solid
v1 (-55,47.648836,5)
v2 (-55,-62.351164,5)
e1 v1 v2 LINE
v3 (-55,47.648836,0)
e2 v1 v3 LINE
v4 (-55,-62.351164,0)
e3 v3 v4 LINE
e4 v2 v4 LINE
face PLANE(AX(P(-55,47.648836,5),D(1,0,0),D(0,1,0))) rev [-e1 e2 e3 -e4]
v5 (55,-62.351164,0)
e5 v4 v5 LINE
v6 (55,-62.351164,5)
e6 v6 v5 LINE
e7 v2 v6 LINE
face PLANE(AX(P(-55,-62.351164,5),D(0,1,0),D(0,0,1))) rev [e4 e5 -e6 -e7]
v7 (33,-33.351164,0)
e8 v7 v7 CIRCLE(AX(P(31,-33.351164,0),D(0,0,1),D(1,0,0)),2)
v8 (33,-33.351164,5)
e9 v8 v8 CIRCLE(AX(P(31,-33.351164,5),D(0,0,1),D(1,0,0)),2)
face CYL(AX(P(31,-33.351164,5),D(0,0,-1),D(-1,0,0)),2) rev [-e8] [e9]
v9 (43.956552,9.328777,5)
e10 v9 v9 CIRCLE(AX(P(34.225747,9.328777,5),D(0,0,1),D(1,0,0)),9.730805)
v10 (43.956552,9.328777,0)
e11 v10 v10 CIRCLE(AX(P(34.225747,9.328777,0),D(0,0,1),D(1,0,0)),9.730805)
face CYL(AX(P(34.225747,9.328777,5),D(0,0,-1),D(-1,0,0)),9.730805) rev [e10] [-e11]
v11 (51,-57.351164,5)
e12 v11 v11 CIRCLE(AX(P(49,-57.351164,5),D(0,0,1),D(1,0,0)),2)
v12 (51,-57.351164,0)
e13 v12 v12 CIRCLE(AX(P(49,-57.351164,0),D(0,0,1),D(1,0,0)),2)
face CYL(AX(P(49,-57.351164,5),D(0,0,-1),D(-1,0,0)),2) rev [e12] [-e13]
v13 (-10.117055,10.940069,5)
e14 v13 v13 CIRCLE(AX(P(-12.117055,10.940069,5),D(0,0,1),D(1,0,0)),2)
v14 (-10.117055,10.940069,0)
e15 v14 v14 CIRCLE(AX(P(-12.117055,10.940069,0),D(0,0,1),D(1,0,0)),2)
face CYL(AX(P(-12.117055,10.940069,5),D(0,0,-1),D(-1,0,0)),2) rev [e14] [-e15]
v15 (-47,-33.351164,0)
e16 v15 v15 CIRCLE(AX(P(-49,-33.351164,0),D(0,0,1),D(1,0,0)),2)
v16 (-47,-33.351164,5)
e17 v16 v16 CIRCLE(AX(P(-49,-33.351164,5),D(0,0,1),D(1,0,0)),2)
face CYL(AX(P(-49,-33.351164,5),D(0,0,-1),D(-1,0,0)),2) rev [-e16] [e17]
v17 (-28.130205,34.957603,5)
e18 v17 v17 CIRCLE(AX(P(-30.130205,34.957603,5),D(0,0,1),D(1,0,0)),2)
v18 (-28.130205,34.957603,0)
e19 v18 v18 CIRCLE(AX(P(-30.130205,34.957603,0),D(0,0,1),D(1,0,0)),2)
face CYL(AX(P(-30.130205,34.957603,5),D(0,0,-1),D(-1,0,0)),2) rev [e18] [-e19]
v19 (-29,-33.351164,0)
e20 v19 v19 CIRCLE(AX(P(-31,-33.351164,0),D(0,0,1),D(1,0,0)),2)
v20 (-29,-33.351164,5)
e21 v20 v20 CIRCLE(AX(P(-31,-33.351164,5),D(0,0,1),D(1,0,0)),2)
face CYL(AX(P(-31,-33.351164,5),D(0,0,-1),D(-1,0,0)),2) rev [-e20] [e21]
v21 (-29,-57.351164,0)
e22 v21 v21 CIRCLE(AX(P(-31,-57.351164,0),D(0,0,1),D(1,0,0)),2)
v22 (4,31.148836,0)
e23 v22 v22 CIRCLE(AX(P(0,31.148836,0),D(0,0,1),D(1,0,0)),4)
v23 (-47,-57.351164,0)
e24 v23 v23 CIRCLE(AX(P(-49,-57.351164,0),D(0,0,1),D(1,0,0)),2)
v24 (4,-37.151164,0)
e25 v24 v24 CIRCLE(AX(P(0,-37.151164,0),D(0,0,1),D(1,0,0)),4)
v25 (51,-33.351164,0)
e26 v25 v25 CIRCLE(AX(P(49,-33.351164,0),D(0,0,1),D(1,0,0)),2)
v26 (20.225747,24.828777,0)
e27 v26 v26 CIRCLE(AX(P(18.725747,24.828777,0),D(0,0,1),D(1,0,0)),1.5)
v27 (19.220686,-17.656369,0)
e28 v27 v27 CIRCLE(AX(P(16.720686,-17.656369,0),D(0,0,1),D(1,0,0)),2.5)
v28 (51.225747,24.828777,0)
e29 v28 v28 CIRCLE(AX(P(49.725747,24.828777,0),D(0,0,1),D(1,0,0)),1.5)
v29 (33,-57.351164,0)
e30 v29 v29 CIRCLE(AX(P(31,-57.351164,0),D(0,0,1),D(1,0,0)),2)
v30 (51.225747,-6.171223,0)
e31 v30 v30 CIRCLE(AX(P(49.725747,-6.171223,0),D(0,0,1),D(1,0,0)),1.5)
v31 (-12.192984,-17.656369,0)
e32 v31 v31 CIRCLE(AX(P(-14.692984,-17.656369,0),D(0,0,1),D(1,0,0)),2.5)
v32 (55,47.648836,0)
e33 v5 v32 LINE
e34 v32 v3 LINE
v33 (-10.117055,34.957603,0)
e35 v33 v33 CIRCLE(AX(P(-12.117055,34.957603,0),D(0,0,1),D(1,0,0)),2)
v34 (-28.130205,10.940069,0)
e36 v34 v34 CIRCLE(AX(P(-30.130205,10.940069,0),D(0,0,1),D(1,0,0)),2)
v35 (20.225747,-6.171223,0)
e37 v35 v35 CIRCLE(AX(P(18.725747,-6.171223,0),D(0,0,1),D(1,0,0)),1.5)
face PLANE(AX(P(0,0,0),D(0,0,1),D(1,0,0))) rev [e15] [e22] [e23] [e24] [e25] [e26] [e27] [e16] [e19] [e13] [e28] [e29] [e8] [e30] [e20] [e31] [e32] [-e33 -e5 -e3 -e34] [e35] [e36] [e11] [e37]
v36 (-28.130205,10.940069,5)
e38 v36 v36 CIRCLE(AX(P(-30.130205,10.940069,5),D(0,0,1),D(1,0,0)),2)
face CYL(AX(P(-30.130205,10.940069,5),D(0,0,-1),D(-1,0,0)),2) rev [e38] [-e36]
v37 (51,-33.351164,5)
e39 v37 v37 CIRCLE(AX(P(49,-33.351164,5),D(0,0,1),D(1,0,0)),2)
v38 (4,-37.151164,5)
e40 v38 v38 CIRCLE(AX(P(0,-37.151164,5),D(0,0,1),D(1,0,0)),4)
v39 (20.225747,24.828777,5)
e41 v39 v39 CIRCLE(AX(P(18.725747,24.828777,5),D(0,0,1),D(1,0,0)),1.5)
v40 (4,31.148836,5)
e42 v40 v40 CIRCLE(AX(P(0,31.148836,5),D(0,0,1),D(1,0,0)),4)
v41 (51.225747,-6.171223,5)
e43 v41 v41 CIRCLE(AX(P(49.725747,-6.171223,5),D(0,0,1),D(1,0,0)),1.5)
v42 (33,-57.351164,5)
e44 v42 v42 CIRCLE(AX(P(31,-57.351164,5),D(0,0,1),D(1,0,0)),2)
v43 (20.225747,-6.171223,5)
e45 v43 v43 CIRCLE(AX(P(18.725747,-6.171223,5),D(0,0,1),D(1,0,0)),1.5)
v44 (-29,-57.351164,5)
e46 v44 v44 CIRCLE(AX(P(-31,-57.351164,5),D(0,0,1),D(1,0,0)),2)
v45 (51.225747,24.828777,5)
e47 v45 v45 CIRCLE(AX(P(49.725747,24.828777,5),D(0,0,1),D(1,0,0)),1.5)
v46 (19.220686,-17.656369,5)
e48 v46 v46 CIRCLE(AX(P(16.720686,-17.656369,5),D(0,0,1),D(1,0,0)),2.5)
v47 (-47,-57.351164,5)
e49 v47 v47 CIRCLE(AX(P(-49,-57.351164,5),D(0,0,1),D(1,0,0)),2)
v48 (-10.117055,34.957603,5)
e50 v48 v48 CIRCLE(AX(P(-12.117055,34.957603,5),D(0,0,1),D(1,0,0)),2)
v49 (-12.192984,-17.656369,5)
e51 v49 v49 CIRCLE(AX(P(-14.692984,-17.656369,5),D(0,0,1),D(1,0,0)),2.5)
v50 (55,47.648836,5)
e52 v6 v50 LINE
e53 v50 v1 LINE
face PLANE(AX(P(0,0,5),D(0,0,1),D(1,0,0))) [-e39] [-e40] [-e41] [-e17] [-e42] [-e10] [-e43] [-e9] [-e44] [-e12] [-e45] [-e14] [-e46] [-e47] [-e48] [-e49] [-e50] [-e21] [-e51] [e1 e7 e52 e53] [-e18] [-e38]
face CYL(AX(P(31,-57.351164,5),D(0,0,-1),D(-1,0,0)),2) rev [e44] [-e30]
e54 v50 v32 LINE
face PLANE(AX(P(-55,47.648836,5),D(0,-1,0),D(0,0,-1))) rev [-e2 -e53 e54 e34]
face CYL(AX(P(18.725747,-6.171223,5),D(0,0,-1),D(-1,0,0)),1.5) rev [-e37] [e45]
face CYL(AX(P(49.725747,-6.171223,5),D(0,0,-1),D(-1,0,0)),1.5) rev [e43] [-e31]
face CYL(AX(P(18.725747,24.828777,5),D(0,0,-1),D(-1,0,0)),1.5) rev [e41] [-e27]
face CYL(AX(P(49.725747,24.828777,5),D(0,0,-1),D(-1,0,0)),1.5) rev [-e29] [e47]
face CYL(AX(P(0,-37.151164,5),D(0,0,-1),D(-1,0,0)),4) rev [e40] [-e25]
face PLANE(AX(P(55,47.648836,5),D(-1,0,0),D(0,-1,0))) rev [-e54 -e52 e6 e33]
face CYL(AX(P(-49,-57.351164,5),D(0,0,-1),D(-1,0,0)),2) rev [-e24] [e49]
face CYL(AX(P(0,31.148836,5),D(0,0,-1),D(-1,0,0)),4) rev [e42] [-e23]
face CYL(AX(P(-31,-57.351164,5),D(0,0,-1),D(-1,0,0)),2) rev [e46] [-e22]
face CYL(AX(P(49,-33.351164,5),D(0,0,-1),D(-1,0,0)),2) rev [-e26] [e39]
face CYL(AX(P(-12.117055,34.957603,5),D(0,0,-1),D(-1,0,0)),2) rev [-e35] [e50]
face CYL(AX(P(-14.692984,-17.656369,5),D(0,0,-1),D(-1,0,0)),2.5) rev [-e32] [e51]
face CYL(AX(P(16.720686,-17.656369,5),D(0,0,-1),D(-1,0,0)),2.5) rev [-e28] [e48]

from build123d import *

# Parameters (mm, degrees)
SKETCH1_W           = 110
SKETCH1_H           = 110
SKETCH1_R           = 2
SKETCH1_R_2         = 9.730805131
SKETCH1_R_3         = 1.5
SKETCH1_R_4         = 4
SKETCH1_R_5         = 2.5
BOSS_EXTRUDE1_DEPTH = 5


with BuildPart() as part:
    # Sketch1 → Boss-Extrude1 (new body)
    with BuildSketch(Plane.XY):
        with Locations((0, -7.351163613)):
            Rectangle(SKETCH1_W, SKETCH1_H)
        with Locations((-31, -33.351163613)):
            Circle(SKETCH1_R, mode=Mode.SUBTRACT)
        with Locations((-49, -33.351163613)):
            Circle(SKETCH1_R, mode=Mode.SUBTRACT)
        with Locations((-49, -57.351163613)):
            Circle(SKETCH1_R, mode=Mode.SUBTRACT)
        with Locations((-31, -57.351163613)):
            Circle(SKETCH1_R, mode=Mode.SUBTRACT)
        with Locations((49, -33.351163613)):
            Circle(SKETCH1_R, mode=Mode.SUBTRACT)
        with Locations((31, -33.351163613)):
            Circle(SKETCH1_R, mode=Mode.SUBTRACT)
        with Locations((31, -57.351163613)):
            Circle(SKETCH1_R, mode=Mode.SUBTRACT)
        with Locations((49, -57.351163613)):
            Circle(SKETCH1_R, mode=Mode.SUBTRACT)
        with Locations((34.225747303, 9.328776995)):
            Circle(SKETCH1_R_2, mode=Mode.SUBTRACT)
        with Locations((49.725747303, 24.828776995)):
            Circle(SKETCH1_R_3, mode=Mode.SUBTRACT)
        with Locations((49.725747303, -6.171223005)):
            Circle(SKETCH1_R_3, mode=Mode.SUBTRACT)
        with Locations((18.725747303, -6.171223005)):
            Circle(SKETCH1_R_3, mode=Mode.SUBTRACT)
        with Locations((18.725747303, 24.828776995)):
            Circle(SKETCH1_R_3, mode=Mode.SUBTRACT)
        with Locations((0, 31.148836387)):
            Circle(SKETCH1_R_4, mode=Mode.SUBTRACT)
        with Locations((0, -37.151163613)):
            Circle(SKETCH1_R_4, mode=Mode.SUBTRACT)
        with Locations((-12.117054537, 34.957603341)):
            Circle(SKETCH1_R, mode=Mode.SUBTRACT)
        with Locations((-30.130204968, 34.957603341)):
            Circle(SKETCH1_R, mode=Mode.SUBTRACT)
        with Locations((-30.130204968, 10.940069433)):
            Circle(SKETCH1_R, mode=Mode.SUBTRACT)
        with Locations((-12.117054537, 10.940069433)):
            Circle(SKETCH1_R, mode=Mode.SUBTRACT)
        with Locations((16.720686105, -17.65636883)):
            Circle(SKETCH1_R_5, mode=Mode.SUBTRACT)
        with Locations((-14.692983623, -17.65636883)):
            Circle(SKETCH1_R_5, mode=Mode.SUBTRACT)
    extrude(amount=BOSS_EXTRUDE1_DEPTH)


solid = part.part
